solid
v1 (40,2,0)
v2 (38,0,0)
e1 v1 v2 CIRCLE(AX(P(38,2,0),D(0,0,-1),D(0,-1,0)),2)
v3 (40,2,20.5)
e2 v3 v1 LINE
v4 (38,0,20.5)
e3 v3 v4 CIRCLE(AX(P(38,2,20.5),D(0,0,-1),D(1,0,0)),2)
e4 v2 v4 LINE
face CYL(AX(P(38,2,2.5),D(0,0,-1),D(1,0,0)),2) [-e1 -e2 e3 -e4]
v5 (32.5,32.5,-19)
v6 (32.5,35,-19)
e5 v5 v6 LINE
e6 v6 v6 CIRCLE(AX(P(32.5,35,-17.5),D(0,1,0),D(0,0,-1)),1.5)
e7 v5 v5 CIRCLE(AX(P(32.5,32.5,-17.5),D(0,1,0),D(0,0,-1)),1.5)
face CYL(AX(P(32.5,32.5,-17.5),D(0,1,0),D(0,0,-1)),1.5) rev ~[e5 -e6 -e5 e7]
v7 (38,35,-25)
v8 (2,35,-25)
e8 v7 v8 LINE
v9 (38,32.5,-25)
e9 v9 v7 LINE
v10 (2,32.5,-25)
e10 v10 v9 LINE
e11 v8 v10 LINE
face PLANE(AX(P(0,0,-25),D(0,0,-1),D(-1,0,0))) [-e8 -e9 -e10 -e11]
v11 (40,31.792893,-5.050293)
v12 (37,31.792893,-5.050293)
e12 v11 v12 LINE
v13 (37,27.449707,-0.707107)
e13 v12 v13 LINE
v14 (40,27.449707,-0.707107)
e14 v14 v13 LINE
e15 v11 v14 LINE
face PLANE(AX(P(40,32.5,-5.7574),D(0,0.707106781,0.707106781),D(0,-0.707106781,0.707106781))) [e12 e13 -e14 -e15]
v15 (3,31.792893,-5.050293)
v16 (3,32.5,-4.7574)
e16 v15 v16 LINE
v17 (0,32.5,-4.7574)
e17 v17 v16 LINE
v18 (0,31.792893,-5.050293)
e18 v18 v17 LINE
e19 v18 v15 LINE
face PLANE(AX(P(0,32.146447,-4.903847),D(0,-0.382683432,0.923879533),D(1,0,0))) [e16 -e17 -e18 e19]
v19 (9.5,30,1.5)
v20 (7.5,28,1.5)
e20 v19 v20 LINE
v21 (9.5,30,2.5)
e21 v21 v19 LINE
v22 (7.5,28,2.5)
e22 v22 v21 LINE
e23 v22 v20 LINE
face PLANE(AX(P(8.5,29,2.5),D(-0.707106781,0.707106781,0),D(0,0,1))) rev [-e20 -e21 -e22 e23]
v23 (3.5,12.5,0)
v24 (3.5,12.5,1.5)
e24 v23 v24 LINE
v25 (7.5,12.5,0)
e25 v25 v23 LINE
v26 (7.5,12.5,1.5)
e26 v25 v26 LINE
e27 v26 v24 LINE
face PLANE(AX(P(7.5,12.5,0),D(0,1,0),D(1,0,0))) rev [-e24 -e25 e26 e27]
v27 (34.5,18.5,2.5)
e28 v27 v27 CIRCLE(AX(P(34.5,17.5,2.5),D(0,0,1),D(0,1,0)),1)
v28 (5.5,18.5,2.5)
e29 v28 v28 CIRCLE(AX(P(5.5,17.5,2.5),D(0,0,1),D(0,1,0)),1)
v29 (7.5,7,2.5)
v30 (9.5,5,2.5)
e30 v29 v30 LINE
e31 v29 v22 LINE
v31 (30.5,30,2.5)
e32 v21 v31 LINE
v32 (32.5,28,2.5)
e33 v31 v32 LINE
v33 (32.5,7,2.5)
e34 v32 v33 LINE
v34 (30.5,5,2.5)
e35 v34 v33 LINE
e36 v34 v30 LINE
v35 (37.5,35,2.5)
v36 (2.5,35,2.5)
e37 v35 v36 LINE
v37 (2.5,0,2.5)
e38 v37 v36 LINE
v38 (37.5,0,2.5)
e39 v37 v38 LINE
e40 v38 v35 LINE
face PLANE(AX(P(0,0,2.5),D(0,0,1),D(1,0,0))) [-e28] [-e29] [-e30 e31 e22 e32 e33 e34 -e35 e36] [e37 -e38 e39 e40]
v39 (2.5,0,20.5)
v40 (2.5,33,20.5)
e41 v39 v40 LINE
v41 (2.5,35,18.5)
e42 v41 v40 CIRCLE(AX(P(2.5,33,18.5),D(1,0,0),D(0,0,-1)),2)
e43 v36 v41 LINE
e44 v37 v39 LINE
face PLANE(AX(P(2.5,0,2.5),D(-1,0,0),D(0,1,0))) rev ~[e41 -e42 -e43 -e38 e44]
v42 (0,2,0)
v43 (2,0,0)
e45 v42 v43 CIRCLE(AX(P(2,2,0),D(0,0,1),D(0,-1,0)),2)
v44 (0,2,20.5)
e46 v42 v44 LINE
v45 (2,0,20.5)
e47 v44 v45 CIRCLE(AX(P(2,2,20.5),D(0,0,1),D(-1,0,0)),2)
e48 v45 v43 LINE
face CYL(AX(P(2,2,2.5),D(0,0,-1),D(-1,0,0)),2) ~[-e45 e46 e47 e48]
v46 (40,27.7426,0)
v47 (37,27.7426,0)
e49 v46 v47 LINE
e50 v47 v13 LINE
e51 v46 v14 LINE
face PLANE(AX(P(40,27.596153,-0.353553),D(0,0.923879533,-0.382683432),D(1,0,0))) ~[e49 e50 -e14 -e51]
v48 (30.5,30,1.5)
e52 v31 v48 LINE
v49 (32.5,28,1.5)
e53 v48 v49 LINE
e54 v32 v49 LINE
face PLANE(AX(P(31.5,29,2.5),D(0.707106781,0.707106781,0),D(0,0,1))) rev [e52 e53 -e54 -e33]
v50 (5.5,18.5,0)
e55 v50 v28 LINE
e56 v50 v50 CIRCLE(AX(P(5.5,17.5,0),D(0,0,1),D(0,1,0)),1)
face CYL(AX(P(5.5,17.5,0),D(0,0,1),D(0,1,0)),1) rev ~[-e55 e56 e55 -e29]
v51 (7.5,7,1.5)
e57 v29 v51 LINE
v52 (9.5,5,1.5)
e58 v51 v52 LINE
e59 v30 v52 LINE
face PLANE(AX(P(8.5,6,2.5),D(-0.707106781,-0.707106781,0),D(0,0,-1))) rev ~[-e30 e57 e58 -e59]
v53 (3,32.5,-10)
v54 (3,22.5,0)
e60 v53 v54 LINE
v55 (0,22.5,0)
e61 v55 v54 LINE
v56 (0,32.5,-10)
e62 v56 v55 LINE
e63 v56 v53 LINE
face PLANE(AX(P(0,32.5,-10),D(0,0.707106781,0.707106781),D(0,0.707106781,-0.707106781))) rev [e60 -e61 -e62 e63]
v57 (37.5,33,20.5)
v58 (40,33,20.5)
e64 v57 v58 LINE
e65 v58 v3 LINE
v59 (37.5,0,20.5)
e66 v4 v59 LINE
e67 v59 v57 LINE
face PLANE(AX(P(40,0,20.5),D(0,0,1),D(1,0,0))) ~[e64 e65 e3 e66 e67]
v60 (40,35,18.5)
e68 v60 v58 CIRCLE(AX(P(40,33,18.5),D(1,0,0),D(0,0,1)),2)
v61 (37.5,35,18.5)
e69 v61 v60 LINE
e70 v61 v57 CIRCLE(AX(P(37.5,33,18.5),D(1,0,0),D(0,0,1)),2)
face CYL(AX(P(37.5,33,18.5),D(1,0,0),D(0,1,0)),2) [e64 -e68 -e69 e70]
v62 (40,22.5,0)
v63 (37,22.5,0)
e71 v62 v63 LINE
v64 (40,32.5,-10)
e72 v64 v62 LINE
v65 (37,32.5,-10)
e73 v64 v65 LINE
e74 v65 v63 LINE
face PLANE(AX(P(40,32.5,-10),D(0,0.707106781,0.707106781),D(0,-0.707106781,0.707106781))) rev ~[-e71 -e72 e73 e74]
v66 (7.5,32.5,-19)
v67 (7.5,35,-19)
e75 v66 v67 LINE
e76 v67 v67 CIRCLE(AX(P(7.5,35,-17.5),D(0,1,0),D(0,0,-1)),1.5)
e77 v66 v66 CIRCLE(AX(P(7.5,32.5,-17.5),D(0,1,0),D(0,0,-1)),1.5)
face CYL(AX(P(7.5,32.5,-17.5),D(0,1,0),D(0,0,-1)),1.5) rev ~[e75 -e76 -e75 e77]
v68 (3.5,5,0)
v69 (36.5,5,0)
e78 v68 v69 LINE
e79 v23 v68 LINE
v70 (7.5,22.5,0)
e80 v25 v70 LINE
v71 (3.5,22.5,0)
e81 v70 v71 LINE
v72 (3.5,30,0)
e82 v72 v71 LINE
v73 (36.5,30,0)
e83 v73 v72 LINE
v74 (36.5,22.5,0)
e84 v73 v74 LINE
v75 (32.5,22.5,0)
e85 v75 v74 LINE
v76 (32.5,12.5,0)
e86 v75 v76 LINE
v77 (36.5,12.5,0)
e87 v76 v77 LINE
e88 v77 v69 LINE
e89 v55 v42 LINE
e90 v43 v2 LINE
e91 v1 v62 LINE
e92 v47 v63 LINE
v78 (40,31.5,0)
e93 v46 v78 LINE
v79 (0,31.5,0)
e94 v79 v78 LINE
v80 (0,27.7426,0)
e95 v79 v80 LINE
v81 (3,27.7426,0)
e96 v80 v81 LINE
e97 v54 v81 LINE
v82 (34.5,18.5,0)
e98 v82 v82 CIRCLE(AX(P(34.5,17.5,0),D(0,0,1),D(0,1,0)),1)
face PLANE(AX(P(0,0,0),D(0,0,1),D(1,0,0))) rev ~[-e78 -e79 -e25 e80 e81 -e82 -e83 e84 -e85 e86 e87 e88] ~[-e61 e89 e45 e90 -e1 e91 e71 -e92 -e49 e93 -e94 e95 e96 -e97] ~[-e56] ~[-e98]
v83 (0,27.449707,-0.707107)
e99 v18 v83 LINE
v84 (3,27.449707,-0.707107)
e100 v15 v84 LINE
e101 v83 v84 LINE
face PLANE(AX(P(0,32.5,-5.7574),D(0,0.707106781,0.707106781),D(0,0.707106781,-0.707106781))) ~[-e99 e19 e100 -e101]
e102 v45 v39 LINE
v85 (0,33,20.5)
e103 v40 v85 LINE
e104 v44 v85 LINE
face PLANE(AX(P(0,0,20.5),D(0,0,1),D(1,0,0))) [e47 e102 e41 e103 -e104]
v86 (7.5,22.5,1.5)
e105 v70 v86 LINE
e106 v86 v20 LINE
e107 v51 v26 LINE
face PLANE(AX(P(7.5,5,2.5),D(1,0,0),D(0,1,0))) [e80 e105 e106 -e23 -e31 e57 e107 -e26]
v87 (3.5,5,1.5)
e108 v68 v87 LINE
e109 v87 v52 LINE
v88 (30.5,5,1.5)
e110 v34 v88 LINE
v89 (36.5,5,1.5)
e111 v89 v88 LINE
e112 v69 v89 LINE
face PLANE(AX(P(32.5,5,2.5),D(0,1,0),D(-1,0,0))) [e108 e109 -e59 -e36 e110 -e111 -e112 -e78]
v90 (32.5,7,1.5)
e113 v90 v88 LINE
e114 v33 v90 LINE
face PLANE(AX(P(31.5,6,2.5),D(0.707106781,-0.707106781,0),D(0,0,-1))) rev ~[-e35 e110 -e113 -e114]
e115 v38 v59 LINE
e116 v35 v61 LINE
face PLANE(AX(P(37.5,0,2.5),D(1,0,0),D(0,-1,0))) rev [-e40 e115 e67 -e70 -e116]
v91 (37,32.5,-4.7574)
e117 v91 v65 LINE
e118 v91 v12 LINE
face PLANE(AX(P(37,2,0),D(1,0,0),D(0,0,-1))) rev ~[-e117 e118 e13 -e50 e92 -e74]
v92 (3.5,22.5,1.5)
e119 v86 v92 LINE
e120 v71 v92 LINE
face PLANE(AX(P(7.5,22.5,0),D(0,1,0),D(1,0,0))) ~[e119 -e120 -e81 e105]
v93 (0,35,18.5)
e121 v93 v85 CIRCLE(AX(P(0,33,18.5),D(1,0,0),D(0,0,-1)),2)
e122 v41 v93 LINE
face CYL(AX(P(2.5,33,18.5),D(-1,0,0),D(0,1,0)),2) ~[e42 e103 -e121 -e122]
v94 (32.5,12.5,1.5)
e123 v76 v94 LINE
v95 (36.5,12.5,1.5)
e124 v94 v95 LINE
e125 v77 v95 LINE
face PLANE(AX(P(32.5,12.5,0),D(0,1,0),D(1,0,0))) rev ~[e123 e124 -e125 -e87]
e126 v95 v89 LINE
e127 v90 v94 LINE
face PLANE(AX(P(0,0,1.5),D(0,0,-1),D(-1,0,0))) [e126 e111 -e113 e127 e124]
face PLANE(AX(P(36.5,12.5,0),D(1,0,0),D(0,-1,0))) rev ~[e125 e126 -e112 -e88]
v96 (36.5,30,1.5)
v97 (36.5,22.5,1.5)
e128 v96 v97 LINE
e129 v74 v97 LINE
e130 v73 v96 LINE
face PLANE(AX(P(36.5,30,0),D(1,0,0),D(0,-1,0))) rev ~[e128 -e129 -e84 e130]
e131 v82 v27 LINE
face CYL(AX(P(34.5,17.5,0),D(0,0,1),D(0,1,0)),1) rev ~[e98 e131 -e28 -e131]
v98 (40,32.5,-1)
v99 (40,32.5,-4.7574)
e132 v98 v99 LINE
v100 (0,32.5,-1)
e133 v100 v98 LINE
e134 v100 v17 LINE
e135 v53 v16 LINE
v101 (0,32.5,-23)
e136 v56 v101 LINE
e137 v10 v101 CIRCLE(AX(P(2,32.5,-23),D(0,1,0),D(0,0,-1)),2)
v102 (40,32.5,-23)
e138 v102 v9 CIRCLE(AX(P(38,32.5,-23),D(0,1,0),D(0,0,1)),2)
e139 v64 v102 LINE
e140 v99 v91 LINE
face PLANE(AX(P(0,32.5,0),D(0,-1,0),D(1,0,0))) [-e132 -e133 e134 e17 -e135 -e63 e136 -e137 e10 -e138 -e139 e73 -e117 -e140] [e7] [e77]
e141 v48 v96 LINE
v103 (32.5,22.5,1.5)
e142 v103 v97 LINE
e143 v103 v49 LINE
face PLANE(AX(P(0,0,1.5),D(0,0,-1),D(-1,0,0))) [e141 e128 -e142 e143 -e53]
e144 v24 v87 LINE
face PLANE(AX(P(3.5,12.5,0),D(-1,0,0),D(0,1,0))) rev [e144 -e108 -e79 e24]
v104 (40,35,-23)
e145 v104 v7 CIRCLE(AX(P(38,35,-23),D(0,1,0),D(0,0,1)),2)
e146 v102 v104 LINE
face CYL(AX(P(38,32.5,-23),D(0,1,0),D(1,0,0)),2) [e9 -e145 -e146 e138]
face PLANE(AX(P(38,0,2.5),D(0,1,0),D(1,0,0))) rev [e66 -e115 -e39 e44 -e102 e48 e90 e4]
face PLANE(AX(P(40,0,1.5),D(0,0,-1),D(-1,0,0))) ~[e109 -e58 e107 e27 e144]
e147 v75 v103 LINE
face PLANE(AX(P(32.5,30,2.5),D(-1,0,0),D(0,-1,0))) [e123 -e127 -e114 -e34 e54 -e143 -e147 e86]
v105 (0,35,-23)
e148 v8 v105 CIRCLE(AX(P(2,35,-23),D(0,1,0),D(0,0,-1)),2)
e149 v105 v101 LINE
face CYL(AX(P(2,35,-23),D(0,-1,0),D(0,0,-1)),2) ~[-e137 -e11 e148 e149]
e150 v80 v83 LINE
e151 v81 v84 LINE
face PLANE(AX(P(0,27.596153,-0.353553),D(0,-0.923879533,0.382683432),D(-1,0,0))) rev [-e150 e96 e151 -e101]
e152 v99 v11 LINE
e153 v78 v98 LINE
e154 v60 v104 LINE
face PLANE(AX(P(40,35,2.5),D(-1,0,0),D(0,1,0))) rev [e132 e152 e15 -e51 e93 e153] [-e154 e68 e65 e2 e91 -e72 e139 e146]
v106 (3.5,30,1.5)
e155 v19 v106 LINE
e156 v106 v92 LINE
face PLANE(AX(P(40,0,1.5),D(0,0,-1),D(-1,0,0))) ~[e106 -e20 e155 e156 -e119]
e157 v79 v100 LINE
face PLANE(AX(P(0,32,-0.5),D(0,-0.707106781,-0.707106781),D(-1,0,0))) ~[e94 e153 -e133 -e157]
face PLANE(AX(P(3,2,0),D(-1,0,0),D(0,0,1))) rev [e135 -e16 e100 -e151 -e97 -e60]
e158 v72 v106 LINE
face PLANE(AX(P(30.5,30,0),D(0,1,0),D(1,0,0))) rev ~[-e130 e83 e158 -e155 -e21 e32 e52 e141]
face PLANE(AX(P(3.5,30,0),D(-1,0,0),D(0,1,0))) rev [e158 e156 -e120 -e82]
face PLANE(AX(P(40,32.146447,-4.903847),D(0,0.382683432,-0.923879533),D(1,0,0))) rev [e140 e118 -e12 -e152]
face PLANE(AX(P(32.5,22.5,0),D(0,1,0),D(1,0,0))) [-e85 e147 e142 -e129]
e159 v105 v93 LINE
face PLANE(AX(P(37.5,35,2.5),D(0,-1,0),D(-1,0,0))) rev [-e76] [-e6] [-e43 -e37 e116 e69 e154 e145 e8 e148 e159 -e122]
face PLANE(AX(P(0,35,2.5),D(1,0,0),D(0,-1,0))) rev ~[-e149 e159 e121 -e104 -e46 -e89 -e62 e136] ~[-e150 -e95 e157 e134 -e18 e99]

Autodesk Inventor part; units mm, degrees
ref_plane "YZ Plane" through (0, 0, 0) normal (1, 0, 0) x (0, 1, 0)
ref_plane "XZ Plane" through (0, 0, 0) normal (0, 1, 0) x (-1, 0, 0)
sketch "Sketch1" plane through (0, 0, 0) normal (0, 0, 1) x (1, 0, 0)
  line L0 (0, 0) -> (40, 0)
  line L1 (40, 0) -> (40, 35)
  line L2 (40, 35) -> (0, 35)
  line L3 (0, 35) -> (0, 0)
  dimension "d0" = 35
  dimension "d1" = 40
extrude "Extrusion1" add sketch "Sketch1" along normal blind 2.5
sketch "Sketch2" plane through (0, 0, 2.5) normal (0, 0, 1) x (1, 0, 0)
  line L0 (7.5, 30) -> (32.5, 30)
  line L1 (32.5, 30) -> (32.5, 5)
  line L2 (32.5, 5) -> (7.5, 5)
  line L3 (7.5, 5) -> (7.5, 30)
  line L4 (0, 0) -> (40, 0) projected
  line L5 (0, 35) -> (0, 0) projected
  point P0 (20, 30)
  point P1 (20, 0)
  point P2 (7.5, 17.5)
  point P3 (0, 17.5)
  dimension "d4" = 25
extrude "Extrusion2" cut sketch "Sketch2" against normal through all
sketch "Sketch3" plane through (0, 0, 0) normal (0, 0, -1) x (-1, 0, 0)
  line L0 (-5.5, 17.5) -> (-34.5, 17.5)
  line L1 (0, 0) -> (-40, 0) projected
  line L2 (0, 35) -> (0, 0) projected
  point P0 (-20, 17.5)
  point P1 (-20, 0)
  point P2 (0, 17.5)
  dimension "d7" = 29
hole "Hole1" at (5.5, 17.5, 0) at (34.5, 17.5, 0) direction (0, 0, 1) diameter 2 end through all
sketch "Sketch4" plane through (0, 0, 0) normal (0, 0, -1) x (-1, 0, 0)
  line L0 (-40, 0) -> (-40, 35) projected
  line L1 (0, 35) -> (0, 0) projected
  line L2 (-40, 35) -> (0, 35)
  line L3 (0, 35) -> (0, 32.5)
  line L4 (0, 32.5) -> (-40, 32.5)
  line L5 (-40, 32.5) -> (-40, 35)
  dimension "d15" = 2.5
extrude "Extrusion3" add sketch "Sketch4" along normal blind 25
fillet "Fillet1" radius 2 4 edges at (40, 0, 1.25) (0, 0, 1.25) (0, 33.75, -25) (40, 33.75, -25)
chamfer "Chamfer1" distance 2 angle 45 4 edges at (7.5, 30, 1.25) (32.5, 30, 1.25) (32.5, 5, 1.25) (7.5, 5, 1.25)
sketch "Sketch5" plane through (40, 2, 0) normal (1, 0, 0) x (0, 0, -1)
  line L0 (0, 30.5) -> (23, 30.5) projected
  line L1 (10, 30.5) -> (0, 20.5)
  line L2 (0, 0) -> (0, 30.5) projected
  line L3 (7.8787, 32.6213) -> (-2.1213, 22.6213)
  point P0 (0, -2)
  point P1 (5.7574, 30.5)
  point P2 (0, 24.7426)
  dimension "d22" = 10
  dimension "d23" = 10
  dimension "d24" = 3
extrude "Extrusion4" add sketch "Sketch5" against normal blind 3 contours L0 L1 L2 L3
ref_plane "Work Plane1" through (20, 2, 2.5) normal (1, 0, 0) x (0, 0, -1)
mirror "Mirror1" about plane through (20, 2, 2.5) normal (1, 0, 0) of "Extrusion4"
sketch "Sketch6" plane through (0, 32.5, 0) normal (0, -1, 0) x (1, 0, 0)
  line L0 (7.5, -17.5) -> (32.5, -17.5)
  line L1 (38, -25) -> (2, -25) projected
  point P0 (0, 0)
  point P1 (20, -17.5)
  point P2 (20, -25)
  dimension "d27" = 25
  dimension "d28" = 7.5
hole "Hole2" at (7.5, 32.5, -17.5) at (32.5, 32.5, -17.5) direction (0, 1, 0) diameter 3 end through all
chamfer "Chamfer2" distance 1 angle 45 5 edges at (20, 32.5, 0) (1.5, 32.5, -5.7574) (1.5, 26.7426, 0) (38.5, 32.5, -5.7574) (38.5, 26.7426, 0)
sketch "Sketch7" plane through (0, 0, 0) normal (0, 0, -1) x (-1, 0, 0)
  line L0 (-30.5, 30) -> (-9.5, 30) projected
  line L1 (-30.5, 30) -> (-36.5, 30)
  line L2 (-36.5, 30) -> (-36.5, 5)
  line L3 (-36.5, 5) -> (-30.5, 5)
  line L4 (-32.5, 7) -> (-30.5, 5) projected
  line L5 (-32.5, 7) -> (-32.5, 28) projected
  line L6 (-30.5, 30) -> (-32.5, 28) projected
  line L7 (-32.5, 22.5) -> (-36.5, 22.5)
  line L8 (-32.5, 12.5) -> (-36.5, 12.5)
  line L9 (-34.5, 22.5) -> (-34.5, 12.5) construction
  point P0 (0, 0)
  point P1 (-34.5, 17.5)
  point P2 (-32.5, 17.5)
  dimension "d39" = 6
  dimension "d40" = 10
extrude "Extrusion5" cut sketch "Sketch7" against normal blind 1.5 contours L6 L5 L7 L2 L1 | L8 L5 L4 L3 L2
mirror "Mirror2" about plane through (20, 2, 2.5) normal (1, 0, 0) of "Extrusion5"
sketch "Sketch8" plane through (0, 0, 2.5) normal (0, 0, 1) x (1, 0, 0)
  line L0 (0, 35) -> (0, 2) projected
  arc A0 (0, 2) -> (2, 0) centre (2, 2) ccw projected
  line L1 (2, 0) -> (2.5, 0)
  line L2 (2, 0) -> (38, 0) projected
  line L3 (2.5, 0) -> (2.5, 35)
  line L4 (0, 32.5) -> (0, 35) projected
  line L5 (2.5, 35) -> (0, 35)
  point P0 (0, 0)
  dimension "d43" = 0.5
extrude "Extrusion6" add sketch "Sketch8" along normal blind 18
fillet "Fillet2" radius 2 1 edges at (1.25, 35, 20.5)
mirror "Mirror3" about plane through (20, 2, 2.5) normal (1, 0, 0) of "Extrusion6", "Fillet2"
properties part number "PIR mount"
